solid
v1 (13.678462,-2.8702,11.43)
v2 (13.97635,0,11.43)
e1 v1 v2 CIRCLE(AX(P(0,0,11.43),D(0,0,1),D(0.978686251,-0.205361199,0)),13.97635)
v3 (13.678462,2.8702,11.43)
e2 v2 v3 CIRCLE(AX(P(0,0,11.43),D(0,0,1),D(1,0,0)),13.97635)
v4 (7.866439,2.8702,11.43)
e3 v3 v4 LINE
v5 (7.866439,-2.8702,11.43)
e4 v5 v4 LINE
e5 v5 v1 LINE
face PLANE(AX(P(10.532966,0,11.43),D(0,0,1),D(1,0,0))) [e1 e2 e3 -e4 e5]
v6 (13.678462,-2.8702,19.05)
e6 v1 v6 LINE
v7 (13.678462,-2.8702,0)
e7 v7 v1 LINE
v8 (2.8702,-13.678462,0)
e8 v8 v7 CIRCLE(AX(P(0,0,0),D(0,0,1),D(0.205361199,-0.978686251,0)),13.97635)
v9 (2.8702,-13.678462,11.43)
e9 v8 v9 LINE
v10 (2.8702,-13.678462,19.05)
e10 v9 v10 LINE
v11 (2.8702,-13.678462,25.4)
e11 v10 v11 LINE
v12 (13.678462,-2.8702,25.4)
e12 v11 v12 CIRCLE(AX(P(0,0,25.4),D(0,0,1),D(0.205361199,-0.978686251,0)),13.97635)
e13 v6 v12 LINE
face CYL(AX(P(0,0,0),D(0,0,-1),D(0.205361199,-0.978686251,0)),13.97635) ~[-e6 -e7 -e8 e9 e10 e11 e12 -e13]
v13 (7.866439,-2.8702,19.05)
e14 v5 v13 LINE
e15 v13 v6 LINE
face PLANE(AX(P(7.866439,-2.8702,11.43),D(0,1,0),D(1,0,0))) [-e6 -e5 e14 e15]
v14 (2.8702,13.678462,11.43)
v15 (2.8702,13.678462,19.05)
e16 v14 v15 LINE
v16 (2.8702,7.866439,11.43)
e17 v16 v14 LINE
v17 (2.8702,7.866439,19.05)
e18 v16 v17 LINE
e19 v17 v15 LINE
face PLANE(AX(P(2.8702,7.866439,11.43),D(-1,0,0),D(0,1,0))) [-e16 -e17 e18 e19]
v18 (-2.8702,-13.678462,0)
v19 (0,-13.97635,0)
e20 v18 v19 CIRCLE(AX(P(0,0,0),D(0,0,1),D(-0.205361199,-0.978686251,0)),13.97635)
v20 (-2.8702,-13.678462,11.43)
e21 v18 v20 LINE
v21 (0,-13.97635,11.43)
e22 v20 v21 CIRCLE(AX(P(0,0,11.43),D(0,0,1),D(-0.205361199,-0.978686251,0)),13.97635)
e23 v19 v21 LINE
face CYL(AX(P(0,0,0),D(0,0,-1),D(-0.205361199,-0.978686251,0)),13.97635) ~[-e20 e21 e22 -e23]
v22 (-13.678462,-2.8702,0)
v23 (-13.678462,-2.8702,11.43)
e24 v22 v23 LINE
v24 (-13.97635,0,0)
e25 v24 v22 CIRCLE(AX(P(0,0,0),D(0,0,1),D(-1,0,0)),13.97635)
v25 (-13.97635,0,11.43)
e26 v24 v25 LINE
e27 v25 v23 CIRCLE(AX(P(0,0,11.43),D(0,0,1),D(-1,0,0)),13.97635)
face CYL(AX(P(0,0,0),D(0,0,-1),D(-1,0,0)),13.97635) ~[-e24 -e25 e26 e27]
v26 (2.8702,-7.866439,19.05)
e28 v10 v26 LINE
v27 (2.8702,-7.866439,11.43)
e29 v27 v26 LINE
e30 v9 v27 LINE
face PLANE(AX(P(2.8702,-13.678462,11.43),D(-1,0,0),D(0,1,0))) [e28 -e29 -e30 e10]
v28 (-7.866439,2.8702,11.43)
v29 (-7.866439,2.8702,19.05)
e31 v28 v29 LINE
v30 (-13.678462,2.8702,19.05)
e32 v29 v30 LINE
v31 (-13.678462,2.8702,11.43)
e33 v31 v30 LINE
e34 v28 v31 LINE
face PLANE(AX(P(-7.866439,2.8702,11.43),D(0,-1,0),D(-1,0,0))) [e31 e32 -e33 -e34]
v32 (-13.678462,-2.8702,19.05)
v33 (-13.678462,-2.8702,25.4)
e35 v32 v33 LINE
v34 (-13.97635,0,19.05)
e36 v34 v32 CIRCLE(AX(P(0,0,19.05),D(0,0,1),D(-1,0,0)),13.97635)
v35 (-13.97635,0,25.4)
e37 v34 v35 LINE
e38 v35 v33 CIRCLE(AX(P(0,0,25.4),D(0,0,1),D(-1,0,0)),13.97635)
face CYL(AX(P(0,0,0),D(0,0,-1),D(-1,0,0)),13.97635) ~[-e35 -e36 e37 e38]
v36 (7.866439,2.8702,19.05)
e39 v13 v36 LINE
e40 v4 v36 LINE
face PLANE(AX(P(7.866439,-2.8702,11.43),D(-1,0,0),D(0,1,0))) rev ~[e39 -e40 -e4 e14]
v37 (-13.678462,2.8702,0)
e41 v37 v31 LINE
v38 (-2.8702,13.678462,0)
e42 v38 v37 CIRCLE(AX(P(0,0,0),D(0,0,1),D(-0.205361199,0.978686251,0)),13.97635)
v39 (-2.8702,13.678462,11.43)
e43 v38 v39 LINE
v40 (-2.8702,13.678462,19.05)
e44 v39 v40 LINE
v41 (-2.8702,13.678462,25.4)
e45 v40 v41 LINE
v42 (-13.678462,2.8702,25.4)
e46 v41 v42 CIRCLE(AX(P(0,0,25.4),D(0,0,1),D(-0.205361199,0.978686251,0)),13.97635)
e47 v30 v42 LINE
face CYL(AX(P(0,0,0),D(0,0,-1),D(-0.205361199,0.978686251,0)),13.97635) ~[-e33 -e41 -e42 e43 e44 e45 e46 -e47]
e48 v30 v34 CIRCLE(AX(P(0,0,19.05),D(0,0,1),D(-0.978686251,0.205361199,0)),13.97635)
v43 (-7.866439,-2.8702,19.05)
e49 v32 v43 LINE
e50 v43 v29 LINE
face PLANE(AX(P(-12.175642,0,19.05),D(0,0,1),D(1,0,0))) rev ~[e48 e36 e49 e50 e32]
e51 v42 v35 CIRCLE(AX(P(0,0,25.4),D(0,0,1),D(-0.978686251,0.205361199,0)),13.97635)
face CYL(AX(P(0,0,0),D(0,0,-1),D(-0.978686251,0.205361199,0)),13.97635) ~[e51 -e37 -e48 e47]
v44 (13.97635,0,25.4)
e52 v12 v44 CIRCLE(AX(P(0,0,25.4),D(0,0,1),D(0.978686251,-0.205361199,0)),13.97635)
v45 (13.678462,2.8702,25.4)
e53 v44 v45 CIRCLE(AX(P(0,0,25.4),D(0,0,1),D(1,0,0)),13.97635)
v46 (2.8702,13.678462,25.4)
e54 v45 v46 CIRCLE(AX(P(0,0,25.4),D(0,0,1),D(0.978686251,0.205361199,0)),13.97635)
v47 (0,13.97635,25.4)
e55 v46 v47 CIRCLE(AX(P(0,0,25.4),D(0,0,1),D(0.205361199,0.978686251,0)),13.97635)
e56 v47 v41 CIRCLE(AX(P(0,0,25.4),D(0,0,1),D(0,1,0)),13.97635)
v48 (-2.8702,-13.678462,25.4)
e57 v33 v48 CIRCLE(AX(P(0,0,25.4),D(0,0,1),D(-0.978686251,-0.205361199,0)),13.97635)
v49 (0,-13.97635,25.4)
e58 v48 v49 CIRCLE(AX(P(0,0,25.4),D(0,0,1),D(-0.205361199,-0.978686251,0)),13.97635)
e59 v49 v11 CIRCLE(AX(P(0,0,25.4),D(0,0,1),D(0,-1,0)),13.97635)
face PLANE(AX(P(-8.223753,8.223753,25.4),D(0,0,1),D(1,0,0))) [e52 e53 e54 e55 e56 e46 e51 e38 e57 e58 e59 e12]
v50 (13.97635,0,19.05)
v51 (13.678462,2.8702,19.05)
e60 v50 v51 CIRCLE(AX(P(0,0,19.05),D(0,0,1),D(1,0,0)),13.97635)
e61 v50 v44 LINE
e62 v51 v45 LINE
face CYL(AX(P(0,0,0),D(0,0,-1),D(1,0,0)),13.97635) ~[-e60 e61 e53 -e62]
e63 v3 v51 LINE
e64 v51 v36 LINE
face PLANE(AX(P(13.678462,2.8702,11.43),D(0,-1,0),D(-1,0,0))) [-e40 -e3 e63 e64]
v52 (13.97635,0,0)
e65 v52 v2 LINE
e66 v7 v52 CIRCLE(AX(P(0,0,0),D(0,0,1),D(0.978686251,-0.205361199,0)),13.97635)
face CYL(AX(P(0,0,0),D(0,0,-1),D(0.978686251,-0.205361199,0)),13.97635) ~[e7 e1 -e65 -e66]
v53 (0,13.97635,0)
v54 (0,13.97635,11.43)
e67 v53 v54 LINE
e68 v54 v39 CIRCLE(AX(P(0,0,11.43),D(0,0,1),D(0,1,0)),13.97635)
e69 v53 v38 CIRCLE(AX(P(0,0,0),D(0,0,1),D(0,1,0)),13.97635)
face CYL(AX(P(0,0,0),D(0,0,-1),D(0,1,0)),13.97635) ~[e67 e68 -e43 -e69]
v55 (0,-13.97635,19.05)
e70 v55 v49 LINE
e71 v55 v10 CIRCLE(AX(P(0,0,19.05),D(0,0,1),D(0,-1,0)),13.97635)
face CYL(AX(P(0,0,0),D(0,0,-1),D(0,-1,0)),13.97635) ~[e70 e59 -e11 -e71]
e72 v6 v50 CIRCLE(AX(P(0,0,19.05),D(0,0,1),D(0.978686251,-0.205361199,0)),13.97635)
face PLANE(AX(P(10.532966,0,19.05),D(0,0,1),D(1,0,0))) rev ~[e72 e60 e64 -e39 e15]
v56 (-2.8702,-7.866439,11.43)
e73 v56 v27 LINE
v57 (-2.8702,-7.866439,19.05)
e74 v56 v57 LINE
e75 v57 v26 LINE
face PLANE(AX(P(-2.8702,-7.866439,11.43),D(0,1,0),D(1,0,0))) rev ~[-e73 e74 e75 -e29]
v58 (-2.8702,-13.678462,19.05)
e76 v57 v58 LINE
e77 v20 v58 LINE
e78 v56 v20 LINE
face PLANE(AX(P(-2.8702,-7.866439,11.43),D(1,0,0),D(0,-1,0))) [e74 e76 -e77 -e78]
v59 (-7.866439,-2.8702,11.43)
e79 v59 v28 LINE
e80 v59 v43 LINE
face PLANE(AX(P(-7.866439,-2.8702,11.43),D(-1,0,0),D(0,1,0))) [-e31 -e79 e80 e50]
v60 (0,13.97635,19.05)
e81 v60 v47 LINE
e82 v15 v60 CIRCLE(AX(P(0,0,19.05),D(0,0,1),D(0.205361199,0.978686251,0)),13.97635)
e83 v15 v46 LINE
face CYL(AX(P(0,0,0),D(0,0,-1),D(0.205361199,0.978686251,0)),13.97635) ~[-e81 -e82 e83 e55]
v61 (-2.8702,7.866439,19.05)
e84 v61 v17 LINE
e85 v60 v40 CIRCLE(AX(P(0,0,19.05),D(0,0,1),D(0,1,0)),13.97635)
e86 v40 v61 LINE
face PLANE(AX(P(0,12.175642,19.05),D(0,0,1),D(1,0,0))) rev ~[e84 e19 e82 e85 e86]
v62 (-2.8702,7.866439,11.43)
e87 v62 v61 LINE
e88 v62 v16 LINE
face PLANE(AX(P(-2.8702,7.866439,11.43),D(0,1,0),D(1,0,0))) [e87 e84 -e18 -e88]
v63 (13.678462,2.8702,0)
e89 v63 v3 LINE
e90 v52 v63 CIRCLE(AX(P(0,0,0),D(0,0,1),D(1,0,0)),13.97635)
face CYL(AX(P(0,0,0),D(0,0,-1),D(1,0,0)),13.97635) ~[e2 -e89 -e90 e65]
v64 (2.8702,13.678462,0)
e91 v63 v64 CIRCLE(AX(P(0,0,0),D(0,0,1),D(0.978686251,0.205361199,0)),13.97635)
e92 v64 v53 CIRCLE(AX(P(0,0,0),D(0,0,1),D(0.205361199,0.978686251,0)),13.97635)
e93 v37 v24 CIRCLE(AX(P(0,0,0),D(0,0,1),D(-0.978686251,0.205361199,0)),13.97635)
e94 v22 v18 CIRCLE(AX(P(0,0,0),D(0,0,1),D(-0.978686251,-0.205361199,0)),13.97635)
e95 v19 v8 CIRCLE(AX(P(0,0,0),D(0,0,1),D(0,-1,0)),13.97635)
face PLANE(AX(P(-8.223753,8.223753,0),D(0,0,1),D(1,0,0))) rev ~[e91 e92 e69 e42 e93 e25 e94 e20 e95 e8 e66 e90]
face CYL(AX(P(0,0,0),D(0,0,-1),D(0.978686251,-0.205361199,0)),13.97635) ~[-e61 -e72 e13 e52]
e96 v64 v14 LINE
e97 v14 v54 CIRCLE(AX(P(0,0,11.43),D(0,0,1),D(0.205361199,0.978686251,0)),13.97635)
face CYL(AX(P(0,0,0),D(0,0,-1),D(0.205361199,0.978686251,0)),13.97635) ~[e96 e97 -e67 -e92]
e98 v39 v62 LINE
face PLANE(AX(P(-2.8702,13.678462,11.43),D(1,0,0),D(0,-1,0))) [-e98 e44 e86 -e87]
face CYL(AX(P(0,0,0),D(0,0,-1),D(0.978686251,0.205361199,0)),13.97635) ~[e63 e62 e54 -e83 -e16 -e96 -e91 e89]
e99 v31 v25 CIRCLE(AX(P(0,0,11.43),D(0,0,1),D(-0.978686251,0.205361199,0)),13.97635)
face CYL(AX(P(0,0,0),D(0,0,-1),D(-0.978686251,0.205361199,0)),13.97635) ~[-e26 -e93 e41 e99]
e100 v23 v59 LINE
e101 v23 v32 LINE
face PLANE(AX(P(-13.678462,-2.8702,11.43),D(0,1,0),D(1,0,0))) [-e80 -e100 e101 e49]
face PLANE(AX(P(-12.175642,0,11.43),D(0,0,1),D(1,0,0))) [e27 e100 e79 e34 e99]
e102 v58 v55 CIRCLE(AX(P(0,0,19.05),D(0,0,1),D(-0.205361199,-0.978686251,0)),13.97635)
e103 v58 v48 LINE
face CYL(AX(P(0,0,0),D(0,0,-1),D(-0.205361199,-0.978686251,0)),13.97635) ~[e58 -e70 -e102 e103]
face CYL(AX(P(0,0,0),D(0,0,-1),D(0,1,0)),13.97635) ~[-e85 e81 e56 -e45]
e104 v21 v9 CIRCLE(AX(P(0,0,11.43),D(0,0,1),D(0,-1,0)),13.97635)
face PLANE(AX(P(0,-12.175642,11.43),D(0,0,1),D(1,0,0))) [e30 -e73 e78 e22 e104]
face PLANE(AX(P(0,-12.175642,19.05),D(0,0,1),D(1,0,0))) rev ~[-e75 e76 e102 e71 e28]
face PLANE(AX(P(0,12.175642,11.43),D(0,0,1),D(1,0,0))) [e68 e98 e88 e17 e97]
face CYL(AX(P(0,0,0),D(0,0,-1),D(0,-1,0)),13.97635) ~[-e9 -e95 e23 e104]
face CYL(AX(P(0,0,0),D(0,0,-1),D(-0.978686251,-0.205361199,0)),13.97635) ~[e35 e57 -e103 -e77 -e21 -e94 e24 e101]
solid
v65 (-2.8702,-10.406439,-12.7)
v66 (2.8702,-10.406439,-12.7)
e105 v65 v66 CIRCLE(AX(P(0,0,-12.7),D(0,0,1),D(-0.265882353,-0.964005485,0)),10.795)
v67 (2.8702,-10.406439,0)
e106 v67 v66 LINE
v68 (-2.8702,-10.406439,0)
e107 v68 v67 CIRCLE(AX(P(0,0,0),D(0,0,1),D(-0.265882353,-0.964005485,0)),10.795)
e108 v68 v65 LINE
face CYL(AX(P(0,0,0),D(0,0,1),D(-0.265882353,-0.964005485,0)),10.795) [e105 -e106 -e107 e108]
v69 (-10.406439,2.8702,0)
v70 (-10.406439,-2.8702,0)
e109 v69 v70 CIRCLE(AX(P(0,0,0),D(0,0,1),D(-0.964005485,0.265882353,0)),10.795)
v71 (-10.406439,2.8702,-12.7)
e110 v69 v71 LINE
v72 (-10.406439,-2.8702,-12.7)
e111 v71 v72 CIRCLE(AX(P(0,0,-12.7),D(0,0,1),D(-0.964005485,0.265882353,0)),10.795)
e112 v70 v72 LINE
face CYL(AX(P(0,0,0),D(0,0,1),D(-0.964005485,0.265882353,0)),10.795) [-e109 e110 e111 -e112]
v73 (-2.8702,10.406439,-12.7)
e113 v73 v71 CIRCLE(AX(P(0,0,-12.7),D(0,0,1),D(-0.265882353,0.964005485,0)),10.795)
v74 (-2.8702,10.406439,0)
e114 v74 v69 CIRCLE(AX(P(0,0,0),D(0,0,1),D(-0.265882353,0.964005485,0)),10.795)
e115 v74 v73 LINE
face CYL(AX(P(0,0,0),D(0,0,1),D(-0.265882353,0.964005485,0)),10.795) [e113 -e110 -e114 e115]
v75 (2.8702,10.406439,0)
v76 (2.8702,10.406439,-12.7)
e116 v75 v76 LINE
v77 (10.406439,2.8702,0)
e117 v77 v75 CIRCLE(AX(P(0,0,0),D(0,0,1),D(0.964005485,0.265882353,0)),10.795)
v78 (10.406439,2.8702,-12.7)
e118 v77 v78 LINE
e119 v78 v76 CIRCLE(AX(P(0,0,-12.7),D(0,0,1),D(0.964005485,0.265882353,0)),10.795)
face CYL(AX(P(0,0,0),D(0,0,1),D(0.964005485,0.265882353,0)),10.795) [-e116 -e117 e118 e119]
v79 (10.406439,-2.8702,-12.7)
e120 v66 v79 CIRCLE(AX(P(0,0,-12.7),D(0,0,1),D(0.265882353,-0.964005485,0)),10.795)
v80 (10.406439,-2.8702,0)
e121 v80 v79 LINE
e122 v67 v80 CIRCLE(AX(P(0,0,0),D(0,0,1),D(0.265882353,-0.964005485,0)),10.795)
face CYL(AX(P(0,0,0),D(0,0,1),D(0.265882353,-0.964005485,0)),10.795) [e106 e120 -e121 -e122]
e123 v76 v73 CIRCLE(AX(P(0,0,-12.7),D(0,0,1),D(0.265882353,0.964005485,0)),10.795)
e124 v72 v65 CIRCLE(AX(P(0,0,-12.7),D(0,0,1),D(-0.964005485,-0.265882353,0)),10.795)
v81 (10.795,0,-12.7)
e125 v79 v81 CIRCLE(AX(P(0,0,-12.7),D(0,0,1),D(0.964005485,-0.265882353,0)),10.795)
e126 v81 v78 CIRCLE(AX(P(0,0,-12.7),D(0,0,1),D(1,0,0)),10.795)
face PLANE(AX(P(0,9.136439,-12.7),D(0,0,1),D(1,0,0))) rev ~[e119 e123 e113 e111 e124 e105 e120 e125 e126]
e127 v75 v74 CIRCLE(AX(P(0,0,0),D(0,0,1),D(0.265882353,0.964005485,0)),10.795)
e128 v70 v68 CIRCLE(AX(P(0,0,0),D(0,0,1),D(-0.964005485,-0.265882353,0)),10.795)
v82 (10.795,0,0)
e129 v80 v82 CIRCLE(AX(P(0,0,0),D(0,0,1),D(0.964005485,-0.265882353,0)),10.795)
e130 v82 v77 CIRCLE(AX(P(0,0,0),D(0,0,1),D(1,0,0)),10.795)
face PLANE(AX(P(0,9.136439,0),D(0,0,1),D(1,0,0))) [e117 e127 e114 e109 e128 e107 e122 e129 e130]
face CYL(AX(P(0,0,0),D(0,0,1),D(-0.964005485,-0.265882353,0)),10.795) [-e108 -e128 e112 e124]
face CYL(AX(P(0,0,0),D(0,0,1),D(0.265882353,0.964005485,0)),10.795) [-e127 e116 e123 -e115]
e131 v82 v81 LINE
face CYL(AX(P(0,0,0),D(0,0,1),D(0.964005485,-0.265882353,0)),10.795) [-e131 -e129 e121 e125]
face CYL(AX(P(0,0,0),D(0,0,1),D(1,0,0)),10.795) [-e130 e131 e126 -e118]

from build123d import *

# Parameters (mm, degrees)
F0_W     = 5.7404
F0_H     = 2.54
F0_W_2   = 2.54
F0_H_2   = 5.7404
F1_DEPTH = 25.4
F2_START = 11.43
F2_DEPTH = 7.62
F3_DEPTH = 12.7


with BuildPart() as f1:
    # F0 (on Top) → F1 (new body)
    with BuildSketch(Plane.XY):
        with BuildLine():
            Line((-2.8702, 10.4064392066), (-2.8702, 13.6784615832))
            ThreePointArc((-2.8702, 13.6784615832), (-9.8827718612, 9.8827718612), (-13.6784615832, 2.8702))
            Line((-13.6784615832, 2.8702), (-10.4064392066, 2.8702))
            ThreePointArc((-10.4064392066, 2.8702), (-7.6332177029, 7.6332177029), (-2.8702, 10.4064392066))
        make_face()
        with BuildLine():
            Line((-2.8702, 10.4064392066), (2.8702, 10.4064392066))
            ThreePointArc((2.8702, 10.4064392066), (0, 10.795), (-2.8702, 10.4064392066))
        make_face()
        with BuildLine():
            Line((2.8702, 10.4064392066), (2.8702, 13.6784615832))
            ThreePointArc((2.8702, 13.6784615832), (1.4428085068, 13.9016784215), (0, 13.97635))
            ThreePointArc((0, 13.97635), (-1.4428085068, 13.9016784215), (-2.8702, 13.6784615832))
            Line((-2.8702, 13.6784615832), (-2.8702, 10.4064392066))
            ThreePointArc((-2.8702, 10.4064392066), (0, 10.795), (2.8702, 10.4064392066))
        make_face()
        with BuildLine():
            Line((10.4064392066, 2.8702), (13.6784615832, 2.8702))
            ThreePointArc((13.6784615832, 2.8702), (9.8827718612, 9.8827718612), (2.8702, 13.6784615832))
            Line((2.8702, 13.6784615832), (2.8702, 10.4064392066))
            ThreePointArc((2.8702, 10.4064392066), (7.6332177029, 7.6332177029), (10.4064392066, 2.8702))
        make_face()
        with BuildLine():
            ThreePointArc((13.6784615832, -2.8702), (13.9016784215, -1.4428085068), (13.97635, 0))
            ThreePointArc((13.97635, 0), (13.9016784215, 1.4428085068), (13.6784615832, 2.8702))
            Line((13.6784615832, 2.8702), (10.4064392066, 2.8702))
            ThreePointArc((10.4064392066, 2.8702), (10.6974187596, 1.4481908999), (10.795, 0))
            ThreePointArc((10.795, 0), (10.6974187596, -1.4481908999), (10.4064392066, -2.8702))
            Line((10.4064392066, -2.8702), (13.6784615832, -2.8702))
        make_face()
        with Locations((0, 9.1364392066)):
            Rectangle(F0_W, F0_H)
        with BuildLine():
            ThreePointArc((10.795, 0), (10.6974187596, 1.4481908999), (10.4064392066, 2.8702))
            Line((10.4064392066, 2.8702), (10.4064392066, -2.8702))
            ThreePointArc((10.4064392066, -2.8702), (10.6974187596, -1.4481908999), (10.795, 0))
        make_face()
        with BuildLine():
            ThreePointArc((2.8702, -13.6784615832), (9.8827718612, -9.8827718612), (13.6784615832, -2.8702))
            Line((13.6784615832, -2.8702), (10.4064392066, -2.8702))
            ThreePointArc((10.4064392066, -2.8702), (7.6332177029, -7.6332177029), (2.8702, -10.4064392066))
            Line((2.8702, -10.4064392066), (2.8702, -13.6784615832))
        make_face()
        with BuildLine():
            ThreePointArc((-13.6784615832, -2.8702), (-9.8827718612, -9.8827718612), (-2.8702, -13.6784615832))
            Line((-2.8702, -13.6784615832), (-2.8702, -10.4064392066))
            ThreePointArc((-2.8702, -10.4064392066), (-7.6332177029, -7.6332177029), (-10.4064392066, -2.8702))
            Line((-10.4064392066, -2.8702), (-13.6784615832, -2.8702))
        make_face()
        with BuildLine():
            Line((-10.4064392066, 2.8702), (-13.6784615832, 2.8702))
            ThreePointArc((-13.6784615832, 2.8702), (-13.9016784215, 1.4428085068), (-13.97635, 0))
            ThreePointArc((-13.97635, 0), (-13.9016784215, -1.4428085068), (-13.6784615832, -2.8702))
            Line((-13.6784615832, -2.8702), (-10.4064392066, -2.8702))
            ThreePointArc((-10.4064392066, -2.8702), (-10.795, 0), (-10.4064392066, 2.8702))
        make_face()
        with BuildLine():
            Line((-10.4064392066, -2.8702), (-10.4064392066, 2.8702))
            ThreePointArc((-10.4064392066, 2.8702), (-10.795, 0), (-10.4064392066, -2.8702))
        make_face()
        with BuildLine():
            ThreePointArc((0, -13.97635), (1.4428085068, -13.9016784215), (2.8702, -13.6784615832))
            Line((2.8702, -13.6784615832), (2.8702, -10.4064392066))
            ThreePointArc((2.8702, -10.4064392066), (0, -10.795), (-2.8702, -10.4064392066))
            Line((-2.8702, -10.4064392066), (-2.8702, -13.6784615832))
            ThreePointArc((-2.8702, -13.6784615832), (-1.4428085068, -13.9016784215), (0, -13.97635))
        make_face()
        with BuildLine():
            ThreePointArc((-2.8702, -10.4064392066), (0, -10.795), (2.8702, -10.4064392066))
            Line((2.8702, -10.4064392066), (-2.8702, -10.4064392066))
        make_face()
        with Locations((-9.1364392066, 0)):
            Rectangle(F0_W_2, F0_H_2)
        with BuildLine():
            Line((7.8664392066, 2.8702), (10.4064392066, 2.8702))
            ThreePointArc((10.4064392066, 2.8702), (7.6332177029, 7.6332177029), (2.8702, 10.4064392066))
            Line((2.8702, 10.4064392066), (2.8702, 7.8664392066))
            Line((2.8702, 7.8664392066), (-2.8702, 7.8664392066))
            Line((-2.8702, 7.8664392066), (-2.8702, 10.4064392066))
            ThreePointArc((-2.8702, 10.4064392066), (-7.6332177029, 7.6332177029), (-10.4064392066, 2.8702))
            Line((-10.4064392066, 2.8702), (-7.8664392066, 2.8702))
            Line((-7.8664392066, 2.8702), (-7.8664392066, -2.8702))
            Line((-7.8664392066, -2.8702), (-10.4064392066, -2.8702))
            ThreePointArc((-10.4064392066, -2.8702), (-7.6332177029, -7.6332177029), (-2.8702, -10.4064392066))
            Line((-2.8702, -10.4064392066), (-2.8702, -7.8664392066))
            Line((-2.8702, -7.8664392066), (2.8702, -7.8664392066))
            Line((2.8702, -7.8664392066), (2.8702, -10.4064392066))
            ThreePointArc((2.8702, -10.4064392066), (7.6332177029, -7.6332177029), (10.4064392066, -2.8702))
            Line((10.4064392066, -2.8702), (7.8664392066, -2.8702))
            Line((7.8664392066, -2.8702), (7.8664392066, 2.8702))
        make_face()
        with Locations((9.1364392066, 0)):
            Rectangle(F0_W_2, F0_H_2)
        with Locations((0, -9.1364392066)):
            Rectangle(F0_W, F0_H)
    extrude(amount=F1_DEPTH)

    # F0 (on Top) → F2 (cut)
    with BuildSketch(Plane.XY.offset(F2_START)):
        with BuildLine():
            Line((-10.4064392066, 2.8702), (-13.6784615832, 2.8702))
            ThreePointArc((-13.6784615832, 2.8702), (-13.9016784215, 1.4428085068), (-13.97635, 0))
            ThreePointArc((-13.97635, 0), (-13.9016784215, -1.4428085068), (-13.6784615832, -2.8702))
            Line((-13.6784615832, -2.8702), (-10.4064392066, -2.8702))
            ThreePointArc((-10.4064392066, -2.8702), (-10.795, 0), (-10.4064392066, 2.8702))
        make_face()
        with BuildLine():
            Line((-10.4064392066, -2.8702), (-10.4064392066, 2.8702))
            ThreePointArc((-10.4064392066, 2.8702), (-10.795, 0), (-10.4064392066, -2.8702))
        make_face()
        with BuildLine():
            ThreePointArc((0, -13.97635), (1.4428085068, -13.9016784215), (2.8702, -13.6784615832))
            Line((2.8702, -13.6784615832), (2.8702, -10.4064392066))
            ThreePointArc((2.8702, -10.4064392066), (0, -10.795), (-2.8702, -10.4064392066))
            Line((-2.8702, -10.4064392066), (-2.8702, -13.6784615832))
            ThreePointArc((-2.8702, -13.6784615832), (-1.4428085068, -13.9016784215), (0, -13.97635))
        make_face()
        with BuildLine():
            ThreePointArc((-2.8702, -10.4064392066), (0, -10.795), (2.8702, -10.4064392066))
            Line((2.8702, -10.4064392066), (-2.8702, -10.4064392066))
        make_face()
        with BuildLine():
            Line((2.8702, 10.4064392066), (2.8702, 13.6784615832))
            ThreePointArc((2.8702, 13.6784615832), (1.4428085068, 13.9016784215), (0, 13.97635))
            ThreePointArc((0, 13.97635), (-1.4428085068, 13.9016784215), (-2.8702, 13.6784615832))
            Line((-2.8702, 13.6784615832), (-2.8702, 10.4064392066))
            ThreePointArc((-2.8702, 10.4064392066), (0, 10.795), (2.8702, 10.4064392066))
        make_face()
        with BuildLine():
            Line((-2.8702, 10.4064392066), (2.8702, 10.4064392066))
            ThreePointArc((2.8702, 10.4064392066), (0, 10.795), (-2.8702, 10.4064392066))
        make_face()
        with BuildLine():
            ThreePointArc((10.795, 0), (10.6974187596, 1.4481908999), (10.4064392066, 2.8702))
            Line((10.4064392066, 2.8702), (10.4064392066, -2.8702))
            ThreePointArc((10.4064392066, -2.8702), (10.6974187596, -1.4481908999), (10.795, 0))
        make_face()
        with BuildLine():
            ThreePointArc((13.6784615832, -2.8702), (13.9016784215, -1.4428085068), (13.97635, 0))
            ThreePointArc((13.97635, 0), (13.9016784215, 1.4428085068), (13.6784615832, 2.8702))
            Line((13.6784615832, 2.8702), (10.4064392066, 2.8702))
            ThreePointArc((10.4064392066, 2.8702), (10.6974187596, 1.4481908999), (10.795, 0))
            ThreePointArc((10.795, 0), (10.6974187596, -1.4481908999), (10.4064392066, -2.8702))
            Line((10.4064392066, -2.8702), (13.6784615832, -2.8702))
        make_face()
        with Locations((-9.1364392066, 0)):
            Rectangle(F0_W_2, F0_H_2)
        with Locations((0, 9.1364392066)):
            Rectangle(F0_W, F0_H)
        with Locations((9.1364392066, 0)):
            Rectangle(F0_W_2, F0_H_2)
        with Locations((0, -9.1364392066)):
            Rectangle(F0_W, F0_H)
    extrude(amount=F2_DEPTH, mode=Mode.SUBTRACT)


with BuildPart() as f3:
    # F0 (on Top) → F3 (new body)
    with BuildSketch(Plane.XY):
        with Locations((0, 9.1364392066)):
            Rectangle(F0_W, F0_H)
        with BuildLine():
            Line((-10.4064392066, -2.8702), (-10.4064392066, 2.8702))
            ThreePointArc((-10.4064392066, 2.8702), (-10.795, 0), (-10.4064392066, -2.8702))
        make_face()
        with BuildLine():
            ThreePointArc((-2.8702, -10.4064392066), (0, -10.795), (2.8702, -10.4064392066))
            Line((2.8702, -10.4064392066), (-2.8702, -10.4064392066))
        make_face()
        with BuildLine():
            Line((-2.8702, 10.4064392066), (2.8702, 10.4064392066))
            ThreePointArc((2.8702, 10.4064392066), (0, 10.795), (-2.8702, 10.4064392066))
        make_face()
        with BuildLine():
            ThreePointArc((10.795, 0), (10.6974187596, 1.4481908999), (10.4064392066, 2.8702))
            Line((10.4064392066, 2.8702), (10.4064392066, -2.8702))
            ThreePointArc((10.4064392066, -2.8702), (10.6974187596, -1.4481908999), (10.795, 0))
        make_face()
        with BuildLine():
            Line((7.8664392066, 2.8702), (10.4064392066, 2.8702))
            ThreePointArc((10.4064392066, 2.8702), (7.6332177029, 7.6332177029), (2.8702, 10.4064392066))
            Line((2.8702, 10.4064392066), (2.8702, 7.8664392066))
            Line((2.8702, 7.8664392066), (-2.8702, 7.8664392066))
            Line((-2.8702, 7.8664392066), (-2.8702, 10.4064392066))
            ThreePointArc((-2.8702, 10.4064392066), (-7.6332177029, 7.6332177029), (-10.4064392066, 2.8702))
            Line((-10.4064392066, 2.8702), (-7.8664392066, 2.8702))
            Line((-7.8664392066, 2.8702), (-7.8664392066, -2.8702))
            Line((-7.8664392066, -2.8702), (-10.4064392066, -2.8702))
            ThreePointArc((-10.4064392066, -2.8702), (-7.6332177029, -7.6332177029), (-2.8702, -10.4064392066))
            Line((-2.8702, -10.4064392066), (-2.8702, -7.8664392066))
            Line((-2.8702, -7.8664392066), (2.8702, -7.8664392066))
            Line((2.8702, -7.8664392066), (2.8702, -10.4064392066))
            ThreePointArc((2.8702, -10.4064392066), (7.6332177029, -7.6332177029), (10.4064392066, -2.8702))
            Line((10.4064392066, -2.8702), (7.8664392066, -2.8702))
            Line((7.8664392066, -2.8702), (7.8664392066, 2.8702))
        make_face()
        with Locations((0, -9.1364392066)):
            Rectangle(F0_W, F0_H)
        with Locations((-9.1364392066, 0)):
            Rectangle(F0_W_2, F0_H_2)
        with Locations((9.1364392066, 0)):
            Rectangle(F0_W_2, F0_H_2)
    extrude(amount=-F3_DEPTH)


solid = Compound([f1.part, f3.part])
